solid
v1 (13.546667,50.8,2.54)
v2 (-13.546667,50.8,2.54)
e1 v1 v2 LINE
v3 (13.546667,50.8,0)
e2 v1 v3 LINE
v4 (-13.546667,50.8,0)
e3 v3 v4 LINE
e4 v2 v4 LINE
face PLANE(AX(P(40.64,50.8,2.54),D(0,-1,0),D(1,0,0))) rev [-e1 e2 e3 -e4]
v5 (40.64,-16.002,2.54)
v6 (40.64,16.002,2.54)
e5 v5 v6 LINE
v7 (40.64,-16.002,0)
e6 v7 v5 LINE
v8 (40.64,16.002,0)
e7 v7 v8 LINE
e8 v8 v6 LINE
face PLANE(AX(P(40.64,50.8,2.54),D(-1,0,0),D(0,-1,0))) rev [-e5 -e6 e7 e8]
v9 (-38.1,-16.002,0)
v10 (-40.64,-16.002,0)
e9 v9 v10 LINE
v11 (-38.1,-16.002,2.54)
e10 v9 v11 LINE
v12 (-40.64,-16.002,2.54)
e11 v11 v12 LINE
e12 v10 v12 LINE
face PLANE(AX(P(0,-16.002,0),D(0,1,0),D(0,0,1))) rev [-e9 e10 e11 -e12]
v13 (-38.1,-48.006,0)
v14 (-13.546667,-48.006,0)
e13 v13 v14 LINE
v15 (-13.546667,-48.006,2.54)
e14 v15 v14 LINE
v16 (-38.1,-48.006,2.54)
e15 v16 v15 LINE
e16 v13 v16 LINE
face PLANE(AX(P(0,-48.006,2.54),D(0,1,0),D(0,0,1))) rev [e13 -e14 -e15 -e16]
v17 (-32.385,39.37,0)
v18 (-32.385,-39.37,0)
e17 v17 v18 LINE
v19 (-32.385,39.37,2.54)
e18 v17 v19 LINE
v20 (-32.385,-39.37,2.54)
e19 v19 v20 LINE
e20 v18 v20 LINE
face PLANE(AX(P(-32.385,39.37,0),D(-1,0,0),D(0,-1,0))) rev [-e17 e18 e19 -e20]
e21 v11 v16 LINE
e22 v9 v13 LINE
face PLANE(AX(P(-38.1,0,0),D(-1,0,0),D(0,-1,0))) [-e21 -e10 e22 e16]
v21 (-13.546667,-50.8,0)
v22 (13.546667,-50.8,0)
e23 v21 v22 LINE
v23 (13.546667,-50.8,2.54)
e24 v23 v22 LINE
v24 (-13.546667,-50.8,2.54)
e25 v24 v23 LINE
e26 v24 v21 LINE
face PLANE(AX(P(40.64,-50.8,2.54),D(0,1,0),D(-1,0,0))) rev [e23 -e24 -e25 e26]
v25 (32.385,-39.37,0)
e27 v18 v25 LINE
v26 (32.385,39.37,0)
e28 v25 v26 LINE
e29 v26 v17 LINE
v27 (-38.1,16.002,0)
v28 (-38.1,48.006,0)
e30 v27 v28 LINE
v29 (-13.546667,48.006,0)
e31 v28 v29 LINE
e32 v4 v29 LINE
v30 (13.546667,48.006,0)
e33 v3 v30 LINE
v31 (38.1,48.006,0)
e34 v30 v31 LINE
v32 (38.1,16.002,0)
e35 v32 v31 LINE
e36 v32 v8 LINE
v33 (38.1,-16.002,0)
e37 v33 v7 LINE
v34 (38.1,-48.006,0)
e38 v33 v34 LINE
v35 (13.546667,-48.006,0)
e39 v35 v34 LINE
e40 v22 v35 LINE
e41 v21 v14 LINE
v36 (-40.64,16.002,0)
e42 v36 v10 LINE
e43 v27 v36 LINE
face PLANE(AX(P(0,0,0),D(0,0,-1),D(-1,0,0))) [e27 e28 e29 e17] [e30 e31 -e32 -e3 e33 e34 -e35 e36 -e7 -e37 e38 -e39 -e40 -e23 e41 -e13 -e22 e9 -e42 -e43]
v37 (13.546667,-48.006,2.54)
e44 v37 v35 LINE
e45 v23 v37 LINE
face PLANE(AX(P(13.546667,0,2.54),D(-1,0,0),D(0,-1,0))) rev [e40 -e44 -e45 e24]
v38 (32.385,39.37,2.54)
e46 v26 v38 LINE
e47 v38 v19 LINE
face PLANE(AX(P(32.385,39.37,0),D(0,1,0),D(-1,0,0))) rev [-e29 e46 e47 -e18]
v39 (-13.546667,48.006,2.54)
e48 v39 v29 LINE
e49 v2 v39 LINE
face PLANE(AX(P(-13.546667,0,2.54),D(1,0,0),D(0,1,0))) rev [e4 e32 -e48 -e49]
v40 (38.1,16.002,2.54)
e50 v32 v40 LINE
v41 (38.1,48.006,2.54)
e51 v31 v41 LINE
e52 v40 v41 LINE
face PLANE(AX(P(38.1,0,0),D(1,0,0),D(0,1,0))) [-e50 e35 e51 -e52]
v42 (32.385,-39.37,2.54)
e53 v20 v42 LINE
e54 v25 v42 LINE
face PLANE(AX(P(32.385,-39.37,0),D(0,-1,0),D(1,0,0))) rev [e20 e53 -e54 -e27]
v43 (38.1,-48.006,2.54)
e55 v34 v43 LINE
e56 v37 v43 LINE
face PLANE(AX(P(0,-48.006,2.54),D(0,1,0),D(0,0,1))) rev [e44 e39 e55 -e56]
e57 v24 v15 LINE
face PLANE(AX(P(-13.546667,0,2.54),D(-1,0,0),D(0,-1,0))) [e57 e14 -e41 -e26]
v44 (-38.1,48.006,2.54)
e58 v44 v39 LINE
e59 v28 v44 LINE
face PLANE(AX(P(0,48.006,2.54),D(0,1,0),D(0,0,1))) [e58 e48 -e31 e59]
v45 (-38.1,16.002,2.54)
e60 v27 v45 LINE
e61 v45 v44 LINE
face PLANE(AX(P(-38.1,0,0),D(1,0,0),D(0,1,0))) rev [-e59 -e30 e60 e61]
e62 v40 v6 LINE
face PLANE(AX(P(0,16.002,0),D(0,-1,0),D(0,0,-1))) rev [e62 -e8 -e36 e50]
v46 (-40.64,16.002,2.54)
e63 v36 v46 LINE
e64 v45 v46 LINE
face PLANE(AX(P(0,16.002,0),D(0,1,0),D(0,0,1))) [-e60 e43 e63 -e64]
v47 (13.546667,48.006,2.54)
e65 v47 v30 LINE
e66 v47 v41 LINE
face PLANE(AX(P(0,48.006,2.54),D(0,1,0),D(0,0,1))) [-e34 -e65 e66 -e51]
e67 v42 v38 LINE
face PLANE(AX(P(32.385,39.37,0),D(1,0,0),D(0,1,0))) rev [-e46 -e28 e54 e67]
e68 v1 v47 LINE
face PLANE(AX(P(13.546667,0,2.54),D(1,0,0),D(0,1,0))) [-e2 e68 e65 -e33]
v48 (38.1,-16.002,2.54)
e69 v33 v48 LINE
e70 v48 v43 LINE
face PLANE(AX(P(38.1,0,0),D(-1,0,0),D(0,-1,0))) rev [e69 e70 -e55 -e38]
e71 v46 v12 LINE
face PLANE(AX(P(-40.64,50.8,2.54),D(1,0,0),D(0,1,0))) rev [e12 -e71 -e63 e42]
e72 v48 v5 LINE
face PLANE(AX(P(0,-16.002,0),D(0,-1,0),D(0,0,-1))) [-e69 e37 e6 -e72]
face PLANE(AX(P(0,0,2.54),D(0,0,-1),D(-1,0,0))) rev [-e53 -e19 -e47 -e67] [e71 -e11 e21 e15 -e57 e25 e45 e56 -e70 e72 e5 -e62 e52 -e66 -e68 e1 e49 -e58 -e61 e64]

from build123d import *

# Parameters (mm, degrees)
SKETCH1_W           = 81.28
SKETCH1_H           = 101.6
BOSS_EXTRUDE1_DEPTH = 2.54
SKETCH2_W           = 27.093333333
SKETCH2_H           = 2.794
CUT_EXTRUDE4_DEPTH  = 66.105308539
SKETCH8_W           = 2.54
SKETCH8_H           = 32.004
CUT_EXTRUDE9_DEPTH  = 66.105308539
SKETCH9_W           = 64.77
SKETCH9_H           = 78.74
CUT_EXTRUDE10_DEPTH = 66.105308539


with BuildPart() as part:
    # Sketch1 → Boss-Extrude1 (new body)
    with BuildSketch(Plane.XY):
        Rectangle(SKETCH1_W, SKETCH1_H)
    extrude(amount=BOSS_EXTRUDE1_DEPTH)

    # Sketch2 → Cut-Extrude4 (cut, through all)
    with BuildSketch(Plane(origin=(0, 0, 0), x_dir=(-1, 0, 0), z_dir=(0, 0, -1))):
        with Locations((27.093333333, -49.403)):
            Rectangle(SKETCH2_W, SKETCH2_H)
        with Locations((-27.093333333, -49.403)):
            Rectangle(SKETCH2_W, SKETCH2_H)
        with Locations((-27.093333333, 49.403)):
            Rectangle(SKETCH2_W, SKETCH2_H)
        with Locations((27.093333333, 49.403)):
            Rectangle(SKETCH2_W, SKETCH2_H)
    extrude(amount=-CUT_EXTRUDE4_DEPTH, mode=Mode.SUBTRACT)

    # Sketch8 → Cut-Extrude9 (cut, through all)
    with BuildSketch(Plane.XY.offset(2.54)):
        with Locations((-39.37, -32.004)):
            Rectangle(SKETCH8_W, SKETCH8_H)
        with Locations((-39.37, 32.004)):
            Rectangle(SKETCH8_W, SKETCH8_H)
        with Locations((39.37, 32.004)):
            Rectangle(SKETCH8_W, SKETCH8_H)
        with Locations((39.37, -32.004)):
            Rectangle(SKETCH8_W, SKETCH8_H)
    extrude(amount=-CUT_EXTRUDE9_DEPTH, mode=Mode.SUBTRACT)

    # Sketch9 → Cut-Extrude10 (cut, through all)
    with BuildSketch(Plane.XY.offset(2.54)):
        Rectangle(SKETCH9_W, SKETCH9_H)
    extrude(amount=-CUT_EXTRUDE10_DEPTH, mode=Mode.SUBTRACT)


solid = part.part
